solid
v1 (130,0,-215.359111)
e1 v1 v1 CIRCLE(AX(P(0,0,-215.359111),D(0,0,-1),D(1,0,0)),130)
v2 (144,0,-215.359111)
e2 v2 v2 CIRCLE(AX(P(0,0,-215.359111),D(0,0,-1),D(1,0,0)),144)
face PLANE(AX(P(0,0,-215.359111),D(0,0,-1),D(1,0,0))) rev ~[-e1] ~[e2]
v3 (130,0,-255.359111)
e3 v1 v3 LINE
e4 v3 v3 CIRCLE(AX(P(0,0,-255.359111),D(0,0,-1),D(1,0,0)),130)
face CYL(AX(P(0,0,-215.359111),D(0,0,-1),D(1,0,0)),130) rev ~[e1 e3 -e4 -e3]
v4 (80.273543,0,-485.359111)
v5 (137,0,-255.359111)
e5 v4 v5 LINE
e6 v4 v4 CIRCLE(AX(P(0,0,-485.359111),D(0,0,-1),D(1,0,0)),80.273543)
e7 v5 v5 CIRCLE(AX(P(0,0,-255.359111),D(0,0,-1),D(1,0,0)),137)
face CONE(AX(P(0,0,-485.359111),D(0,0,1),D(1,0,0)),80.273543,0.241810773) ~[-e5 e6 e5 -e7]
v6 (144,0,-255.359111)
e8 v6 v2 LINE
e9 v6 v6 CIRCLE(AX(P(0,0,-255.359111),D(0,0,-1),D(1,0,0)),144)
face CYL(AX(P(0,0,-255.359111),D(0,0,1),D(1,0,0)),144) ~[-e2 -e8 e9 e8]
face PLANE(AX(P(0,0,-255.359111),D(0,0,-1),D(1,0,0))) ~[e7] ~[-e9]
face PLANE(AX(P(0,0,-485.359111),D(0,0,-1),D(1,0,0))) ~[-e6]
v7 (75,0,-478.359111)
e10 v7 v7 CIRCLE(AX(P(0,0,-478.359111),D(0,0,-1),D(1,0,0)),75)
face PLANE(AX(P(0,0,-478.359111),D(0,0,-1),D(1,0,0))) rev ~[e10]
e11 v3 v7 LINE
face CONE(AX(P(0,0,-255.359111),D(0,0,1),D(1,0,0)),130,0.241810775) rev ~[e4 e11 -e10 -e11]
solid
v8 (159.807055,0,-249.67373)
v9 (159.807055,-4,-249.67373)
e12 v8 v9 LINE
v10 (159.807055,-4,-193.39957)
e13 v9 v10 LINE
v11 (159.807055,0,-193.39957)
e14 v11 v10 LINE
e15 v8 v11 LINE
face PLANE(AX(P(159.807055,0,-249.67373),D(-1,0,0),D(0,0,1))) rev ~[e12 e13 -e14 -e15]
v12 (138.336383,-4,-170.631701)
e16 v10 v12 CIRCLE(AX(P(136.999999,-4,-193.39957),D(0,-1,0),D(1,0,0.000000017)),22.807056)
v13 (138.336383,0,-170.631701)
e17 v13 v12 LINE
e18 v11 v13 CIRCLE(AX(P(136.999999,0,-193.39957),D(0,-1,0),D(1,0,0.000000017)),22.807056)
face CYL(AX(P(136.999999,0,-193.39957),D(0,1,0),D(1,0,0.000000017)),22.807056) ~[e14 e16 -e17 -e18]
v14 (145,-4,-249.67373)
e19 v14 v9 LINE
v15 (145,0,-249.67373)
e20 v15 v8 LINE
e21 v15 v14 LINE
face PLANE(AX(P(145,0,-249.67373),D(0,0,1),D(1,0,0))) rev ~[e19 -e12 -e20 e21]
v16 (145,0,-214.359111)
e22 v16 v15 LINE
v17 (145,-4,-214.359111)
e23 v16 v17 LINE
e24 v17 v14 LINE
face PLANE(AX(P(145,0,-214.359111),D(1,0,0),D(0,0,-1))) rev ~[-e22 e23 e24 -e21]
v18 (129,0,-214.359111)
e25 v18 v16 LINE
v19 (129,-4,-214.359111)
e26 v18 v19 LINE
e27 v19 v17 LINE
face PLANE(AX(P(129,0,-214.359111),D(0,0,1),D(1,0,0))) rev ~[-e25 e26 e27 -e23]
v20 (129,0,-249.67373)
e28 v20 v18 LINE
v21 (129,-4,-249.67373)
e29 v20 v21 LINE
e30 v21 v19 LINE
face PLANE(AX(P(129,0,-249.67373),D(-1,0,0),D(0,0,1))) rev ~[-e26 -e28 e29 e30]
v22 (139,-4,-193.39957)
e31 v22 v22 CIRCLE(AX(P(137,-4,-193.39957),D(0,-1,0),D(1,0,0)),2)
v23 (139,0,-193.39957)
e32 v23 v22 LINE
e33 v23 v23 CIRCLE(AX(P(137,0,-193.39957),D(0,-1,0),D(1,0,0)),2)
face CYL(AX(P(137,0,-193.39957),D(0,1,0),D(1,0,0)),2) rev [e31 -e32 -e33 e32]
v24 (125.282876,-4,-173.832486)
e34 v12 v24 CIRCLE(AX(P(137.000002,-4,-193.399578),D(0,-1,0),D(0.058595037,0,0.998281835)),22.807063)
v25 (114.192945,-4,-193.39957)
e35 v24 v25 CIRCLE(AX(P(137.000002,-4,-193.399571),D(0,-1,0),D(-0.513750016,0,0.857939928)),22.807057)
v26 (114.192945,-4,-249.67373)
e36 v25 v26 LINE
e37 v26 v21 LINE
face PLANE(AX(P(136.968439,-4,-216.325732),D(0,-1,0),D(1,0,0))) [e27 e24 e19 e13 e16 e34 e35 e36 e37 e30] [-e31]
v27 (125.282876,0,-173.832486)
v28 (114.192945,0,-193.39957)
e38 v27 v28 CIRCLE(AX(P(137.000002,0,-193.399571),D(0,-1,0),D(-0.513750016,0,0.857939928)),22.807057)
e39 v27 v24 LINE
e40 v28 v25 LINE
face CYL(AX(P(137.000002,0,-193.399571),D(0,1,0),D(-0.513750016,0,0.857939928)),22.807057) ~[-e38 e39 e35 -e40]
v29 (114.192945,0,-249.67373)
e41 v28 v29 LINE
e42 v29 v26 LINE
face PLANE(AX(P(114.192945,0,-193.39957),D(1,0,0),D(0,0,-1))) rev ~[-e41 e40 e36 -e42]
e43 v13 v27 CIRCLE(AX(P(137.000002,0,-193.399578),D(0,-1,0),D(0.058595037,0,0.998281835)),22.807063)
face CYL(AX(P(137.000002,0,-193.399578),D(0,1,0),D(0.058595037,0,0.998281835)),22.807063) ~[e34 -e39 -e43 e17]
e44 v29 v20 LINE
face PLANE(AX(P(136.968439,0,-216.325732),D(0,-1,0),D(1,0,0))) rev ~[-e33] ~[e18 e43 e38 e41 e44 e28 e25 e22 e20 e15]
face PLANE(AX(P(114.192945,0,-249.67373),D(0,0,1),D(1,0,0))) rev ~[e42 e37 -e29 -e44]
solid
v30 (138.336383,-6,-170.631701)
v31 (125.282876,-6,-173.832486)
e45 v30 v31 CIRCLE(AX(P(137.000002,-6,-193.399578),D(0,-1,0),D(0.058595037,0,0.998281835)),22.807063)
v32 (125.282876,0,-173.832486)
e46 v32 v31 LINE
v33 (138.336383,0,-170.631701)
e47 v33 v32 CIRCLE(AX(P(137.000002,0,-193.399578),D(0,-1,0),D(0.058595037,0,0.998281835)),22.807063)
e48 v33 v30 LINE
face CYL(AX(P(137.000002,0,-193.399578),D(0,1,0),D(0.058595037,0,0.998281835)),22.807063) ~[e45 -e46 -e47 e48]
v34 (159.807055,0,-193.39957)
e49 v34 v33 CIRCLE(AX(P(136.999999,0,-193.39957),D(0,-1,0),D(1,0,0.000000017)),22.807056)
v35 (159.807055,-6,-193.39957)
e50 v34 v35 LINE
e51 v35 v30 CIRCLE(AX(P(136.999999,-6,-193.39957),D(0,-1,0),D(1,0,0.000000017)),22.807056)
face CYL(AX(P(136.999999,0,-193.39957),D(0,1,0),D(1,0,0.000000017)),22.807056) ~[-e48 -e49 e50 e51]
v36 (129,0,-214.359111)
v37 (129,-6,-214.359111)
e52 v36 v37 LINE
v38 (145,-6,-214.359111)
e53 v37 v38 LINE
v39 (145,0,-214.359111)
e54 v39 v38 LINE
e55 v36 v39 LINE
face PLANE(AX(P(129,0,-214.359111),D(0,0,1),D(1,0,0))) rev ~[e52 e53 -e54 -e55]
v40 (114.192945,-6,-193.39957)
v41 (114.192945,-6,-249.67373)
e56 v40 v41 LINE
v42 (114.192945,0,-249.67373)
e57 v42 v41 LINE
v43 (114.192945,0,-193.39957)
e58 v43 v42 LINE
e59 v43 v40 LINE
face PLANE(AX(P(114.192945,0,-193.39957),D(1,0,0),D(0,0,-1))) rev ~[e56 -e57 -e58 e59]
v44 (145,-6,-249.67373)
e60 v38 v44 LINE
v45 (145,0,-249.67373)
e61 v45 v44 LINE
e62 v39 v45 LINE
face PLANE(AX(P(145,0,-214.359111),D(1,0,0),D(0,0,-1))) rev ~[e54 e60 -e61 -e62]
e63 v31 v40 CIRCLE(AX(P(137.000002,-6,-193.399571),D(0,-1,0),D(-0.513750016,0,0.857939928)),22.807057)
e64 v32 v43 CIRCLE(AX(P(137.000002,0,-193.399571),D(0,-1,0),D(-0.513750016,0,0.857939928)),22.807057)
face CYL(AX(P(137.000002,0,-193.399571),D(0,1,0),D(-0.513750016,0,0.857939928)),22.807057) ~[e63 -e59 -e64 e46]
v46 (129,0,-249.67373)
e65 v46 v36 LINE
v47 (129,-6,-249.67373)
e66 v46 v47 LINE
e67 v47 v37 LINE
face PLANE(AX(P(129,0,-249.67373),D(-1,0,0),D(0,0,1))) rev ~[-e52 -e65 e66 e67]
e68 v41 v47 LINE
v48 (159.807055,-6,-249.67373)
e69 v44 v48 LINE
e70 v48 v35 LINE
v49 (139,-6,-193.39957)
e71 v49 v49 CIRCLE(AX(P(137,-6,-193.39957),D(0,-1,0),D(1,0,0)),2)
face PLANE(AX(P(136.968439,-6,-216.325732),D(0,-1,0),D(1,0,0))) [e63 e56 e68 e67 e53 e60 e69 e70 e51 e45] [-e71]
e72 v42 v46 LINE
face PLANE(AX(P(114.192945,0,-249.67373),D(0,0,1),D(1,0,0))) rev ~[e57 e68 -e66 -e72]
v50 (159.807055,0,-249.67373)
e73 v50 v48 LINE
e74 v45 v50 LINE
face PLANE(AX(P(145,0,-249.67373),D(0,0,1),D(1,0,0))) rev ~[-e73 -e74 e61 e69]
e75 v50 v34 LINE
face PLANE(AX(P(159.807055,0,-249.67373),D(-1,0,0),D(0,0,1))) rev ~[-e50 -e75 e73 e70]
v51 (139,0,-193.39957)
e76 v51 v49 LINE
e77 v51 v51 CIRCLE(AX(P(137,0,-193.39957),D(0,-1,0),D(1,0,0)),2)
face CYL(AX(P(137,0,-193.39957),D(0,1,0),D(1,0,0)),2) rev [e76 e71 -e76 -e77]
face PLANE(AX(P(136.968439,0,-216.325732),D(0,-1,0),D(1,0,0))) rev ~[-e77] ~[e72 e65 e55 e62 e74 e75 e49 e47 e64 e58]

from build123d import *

# Parameters (mm, degrees)
F0_R     = 2
F2_DEPTH = 6
F3_DEPTH = 4


with BuildPart() as f1:
    # F0 (on Front) → F1 (revolve)
    with BuildSketch(Plane.XZ):
        Polygon((75, -478.359111), (0, -478.359111), (0, -485.359111), (80.273543, -485.359111), (137, -255.359111), (130, -255.359111), align=None)
        Polygon((130, -215.359111), (130, -255.359111), (137, -255.359111), (144, -255.359111), (144, -215.359111), align=None)
    revolve(axis=Axis((0, 0, -16.237866), (0, 0, -1)))


with BuildPart() as f2:
    # F0 (on Front) → F2 (new body)
    with BuildSketch(Plane.XZ):
        with BuildLine():
            Line((145, -214.359111), (145, -249.67373))
            Line((145, -249.67373), (159.807055, -249.67373))
            Line((159.807055, -249.67373), (159.807055, -193.39957))
            ThreePointArc((159.807055, -193.39957), (153.59278, -177.752161), (138.336383, -170.631701))
            ThreePointArc((138.336383, -170.631701), (131.568499, -171.248711), (125.282876, -173.832486))
            ThreePointArc((125.282876, -173.832486), (117.15819, -182.153934), (114.192945, -193.39957))
            Line((114.192945, -193.39957), (114.192945, -249.67373))
            Line((114.192945, -249.67373), (129, -249.67373))
            Line((129, -249.67373), (129, -214.359111))
            Line((129, -214.359111), (145, -214.359111))
        make_face()
        with Locations((137, -193.39957)):
            Circle(F0_R, mode=Mode.SUBTRACT)
    extrude(amount=F2_DEPTH)


with BuildPart() as f3:
    # F0 (on Front) → F3 (new body)
    with BuildSketch(Plane.XZ):
        with BuildLine():
            Line((145, -214.359111), (145, -249.67373))
            Line((145, -249.67373), (159.807055, -249.67373))
            Line((159.807055, -249.67373), (159.807055, -193.39957))
            ThreePointArc((159.807055, -193.39957), (153.59278, -177.752161), (138.336383, -170.631701))
            ThreePointArc((138.336383, -170.631701), (131.568499, -171.248711), (125.282876, -173.832486))
            ThreePointArc((125.282876, -173.832486), (117.15819, -182.153934), (114.192945, -193.39957))
            Line((114.192945, -193.39957), (114.192945, -249.67373))
            Line((114.192945, -249.67373), (129, -249.67373))
            Line((129, -249.67373), (129, -214.359111))
            Line((129, -214.359111), (145, -214.359111))
        make_face()
        with Locations((137, -193.39957)):
            Circle(F0_R, mode=Mode.SUBTRACT)
    extrude(amount=F3_DEPTH)


solid = Compound([f1.part, f2.part, f3.part])
